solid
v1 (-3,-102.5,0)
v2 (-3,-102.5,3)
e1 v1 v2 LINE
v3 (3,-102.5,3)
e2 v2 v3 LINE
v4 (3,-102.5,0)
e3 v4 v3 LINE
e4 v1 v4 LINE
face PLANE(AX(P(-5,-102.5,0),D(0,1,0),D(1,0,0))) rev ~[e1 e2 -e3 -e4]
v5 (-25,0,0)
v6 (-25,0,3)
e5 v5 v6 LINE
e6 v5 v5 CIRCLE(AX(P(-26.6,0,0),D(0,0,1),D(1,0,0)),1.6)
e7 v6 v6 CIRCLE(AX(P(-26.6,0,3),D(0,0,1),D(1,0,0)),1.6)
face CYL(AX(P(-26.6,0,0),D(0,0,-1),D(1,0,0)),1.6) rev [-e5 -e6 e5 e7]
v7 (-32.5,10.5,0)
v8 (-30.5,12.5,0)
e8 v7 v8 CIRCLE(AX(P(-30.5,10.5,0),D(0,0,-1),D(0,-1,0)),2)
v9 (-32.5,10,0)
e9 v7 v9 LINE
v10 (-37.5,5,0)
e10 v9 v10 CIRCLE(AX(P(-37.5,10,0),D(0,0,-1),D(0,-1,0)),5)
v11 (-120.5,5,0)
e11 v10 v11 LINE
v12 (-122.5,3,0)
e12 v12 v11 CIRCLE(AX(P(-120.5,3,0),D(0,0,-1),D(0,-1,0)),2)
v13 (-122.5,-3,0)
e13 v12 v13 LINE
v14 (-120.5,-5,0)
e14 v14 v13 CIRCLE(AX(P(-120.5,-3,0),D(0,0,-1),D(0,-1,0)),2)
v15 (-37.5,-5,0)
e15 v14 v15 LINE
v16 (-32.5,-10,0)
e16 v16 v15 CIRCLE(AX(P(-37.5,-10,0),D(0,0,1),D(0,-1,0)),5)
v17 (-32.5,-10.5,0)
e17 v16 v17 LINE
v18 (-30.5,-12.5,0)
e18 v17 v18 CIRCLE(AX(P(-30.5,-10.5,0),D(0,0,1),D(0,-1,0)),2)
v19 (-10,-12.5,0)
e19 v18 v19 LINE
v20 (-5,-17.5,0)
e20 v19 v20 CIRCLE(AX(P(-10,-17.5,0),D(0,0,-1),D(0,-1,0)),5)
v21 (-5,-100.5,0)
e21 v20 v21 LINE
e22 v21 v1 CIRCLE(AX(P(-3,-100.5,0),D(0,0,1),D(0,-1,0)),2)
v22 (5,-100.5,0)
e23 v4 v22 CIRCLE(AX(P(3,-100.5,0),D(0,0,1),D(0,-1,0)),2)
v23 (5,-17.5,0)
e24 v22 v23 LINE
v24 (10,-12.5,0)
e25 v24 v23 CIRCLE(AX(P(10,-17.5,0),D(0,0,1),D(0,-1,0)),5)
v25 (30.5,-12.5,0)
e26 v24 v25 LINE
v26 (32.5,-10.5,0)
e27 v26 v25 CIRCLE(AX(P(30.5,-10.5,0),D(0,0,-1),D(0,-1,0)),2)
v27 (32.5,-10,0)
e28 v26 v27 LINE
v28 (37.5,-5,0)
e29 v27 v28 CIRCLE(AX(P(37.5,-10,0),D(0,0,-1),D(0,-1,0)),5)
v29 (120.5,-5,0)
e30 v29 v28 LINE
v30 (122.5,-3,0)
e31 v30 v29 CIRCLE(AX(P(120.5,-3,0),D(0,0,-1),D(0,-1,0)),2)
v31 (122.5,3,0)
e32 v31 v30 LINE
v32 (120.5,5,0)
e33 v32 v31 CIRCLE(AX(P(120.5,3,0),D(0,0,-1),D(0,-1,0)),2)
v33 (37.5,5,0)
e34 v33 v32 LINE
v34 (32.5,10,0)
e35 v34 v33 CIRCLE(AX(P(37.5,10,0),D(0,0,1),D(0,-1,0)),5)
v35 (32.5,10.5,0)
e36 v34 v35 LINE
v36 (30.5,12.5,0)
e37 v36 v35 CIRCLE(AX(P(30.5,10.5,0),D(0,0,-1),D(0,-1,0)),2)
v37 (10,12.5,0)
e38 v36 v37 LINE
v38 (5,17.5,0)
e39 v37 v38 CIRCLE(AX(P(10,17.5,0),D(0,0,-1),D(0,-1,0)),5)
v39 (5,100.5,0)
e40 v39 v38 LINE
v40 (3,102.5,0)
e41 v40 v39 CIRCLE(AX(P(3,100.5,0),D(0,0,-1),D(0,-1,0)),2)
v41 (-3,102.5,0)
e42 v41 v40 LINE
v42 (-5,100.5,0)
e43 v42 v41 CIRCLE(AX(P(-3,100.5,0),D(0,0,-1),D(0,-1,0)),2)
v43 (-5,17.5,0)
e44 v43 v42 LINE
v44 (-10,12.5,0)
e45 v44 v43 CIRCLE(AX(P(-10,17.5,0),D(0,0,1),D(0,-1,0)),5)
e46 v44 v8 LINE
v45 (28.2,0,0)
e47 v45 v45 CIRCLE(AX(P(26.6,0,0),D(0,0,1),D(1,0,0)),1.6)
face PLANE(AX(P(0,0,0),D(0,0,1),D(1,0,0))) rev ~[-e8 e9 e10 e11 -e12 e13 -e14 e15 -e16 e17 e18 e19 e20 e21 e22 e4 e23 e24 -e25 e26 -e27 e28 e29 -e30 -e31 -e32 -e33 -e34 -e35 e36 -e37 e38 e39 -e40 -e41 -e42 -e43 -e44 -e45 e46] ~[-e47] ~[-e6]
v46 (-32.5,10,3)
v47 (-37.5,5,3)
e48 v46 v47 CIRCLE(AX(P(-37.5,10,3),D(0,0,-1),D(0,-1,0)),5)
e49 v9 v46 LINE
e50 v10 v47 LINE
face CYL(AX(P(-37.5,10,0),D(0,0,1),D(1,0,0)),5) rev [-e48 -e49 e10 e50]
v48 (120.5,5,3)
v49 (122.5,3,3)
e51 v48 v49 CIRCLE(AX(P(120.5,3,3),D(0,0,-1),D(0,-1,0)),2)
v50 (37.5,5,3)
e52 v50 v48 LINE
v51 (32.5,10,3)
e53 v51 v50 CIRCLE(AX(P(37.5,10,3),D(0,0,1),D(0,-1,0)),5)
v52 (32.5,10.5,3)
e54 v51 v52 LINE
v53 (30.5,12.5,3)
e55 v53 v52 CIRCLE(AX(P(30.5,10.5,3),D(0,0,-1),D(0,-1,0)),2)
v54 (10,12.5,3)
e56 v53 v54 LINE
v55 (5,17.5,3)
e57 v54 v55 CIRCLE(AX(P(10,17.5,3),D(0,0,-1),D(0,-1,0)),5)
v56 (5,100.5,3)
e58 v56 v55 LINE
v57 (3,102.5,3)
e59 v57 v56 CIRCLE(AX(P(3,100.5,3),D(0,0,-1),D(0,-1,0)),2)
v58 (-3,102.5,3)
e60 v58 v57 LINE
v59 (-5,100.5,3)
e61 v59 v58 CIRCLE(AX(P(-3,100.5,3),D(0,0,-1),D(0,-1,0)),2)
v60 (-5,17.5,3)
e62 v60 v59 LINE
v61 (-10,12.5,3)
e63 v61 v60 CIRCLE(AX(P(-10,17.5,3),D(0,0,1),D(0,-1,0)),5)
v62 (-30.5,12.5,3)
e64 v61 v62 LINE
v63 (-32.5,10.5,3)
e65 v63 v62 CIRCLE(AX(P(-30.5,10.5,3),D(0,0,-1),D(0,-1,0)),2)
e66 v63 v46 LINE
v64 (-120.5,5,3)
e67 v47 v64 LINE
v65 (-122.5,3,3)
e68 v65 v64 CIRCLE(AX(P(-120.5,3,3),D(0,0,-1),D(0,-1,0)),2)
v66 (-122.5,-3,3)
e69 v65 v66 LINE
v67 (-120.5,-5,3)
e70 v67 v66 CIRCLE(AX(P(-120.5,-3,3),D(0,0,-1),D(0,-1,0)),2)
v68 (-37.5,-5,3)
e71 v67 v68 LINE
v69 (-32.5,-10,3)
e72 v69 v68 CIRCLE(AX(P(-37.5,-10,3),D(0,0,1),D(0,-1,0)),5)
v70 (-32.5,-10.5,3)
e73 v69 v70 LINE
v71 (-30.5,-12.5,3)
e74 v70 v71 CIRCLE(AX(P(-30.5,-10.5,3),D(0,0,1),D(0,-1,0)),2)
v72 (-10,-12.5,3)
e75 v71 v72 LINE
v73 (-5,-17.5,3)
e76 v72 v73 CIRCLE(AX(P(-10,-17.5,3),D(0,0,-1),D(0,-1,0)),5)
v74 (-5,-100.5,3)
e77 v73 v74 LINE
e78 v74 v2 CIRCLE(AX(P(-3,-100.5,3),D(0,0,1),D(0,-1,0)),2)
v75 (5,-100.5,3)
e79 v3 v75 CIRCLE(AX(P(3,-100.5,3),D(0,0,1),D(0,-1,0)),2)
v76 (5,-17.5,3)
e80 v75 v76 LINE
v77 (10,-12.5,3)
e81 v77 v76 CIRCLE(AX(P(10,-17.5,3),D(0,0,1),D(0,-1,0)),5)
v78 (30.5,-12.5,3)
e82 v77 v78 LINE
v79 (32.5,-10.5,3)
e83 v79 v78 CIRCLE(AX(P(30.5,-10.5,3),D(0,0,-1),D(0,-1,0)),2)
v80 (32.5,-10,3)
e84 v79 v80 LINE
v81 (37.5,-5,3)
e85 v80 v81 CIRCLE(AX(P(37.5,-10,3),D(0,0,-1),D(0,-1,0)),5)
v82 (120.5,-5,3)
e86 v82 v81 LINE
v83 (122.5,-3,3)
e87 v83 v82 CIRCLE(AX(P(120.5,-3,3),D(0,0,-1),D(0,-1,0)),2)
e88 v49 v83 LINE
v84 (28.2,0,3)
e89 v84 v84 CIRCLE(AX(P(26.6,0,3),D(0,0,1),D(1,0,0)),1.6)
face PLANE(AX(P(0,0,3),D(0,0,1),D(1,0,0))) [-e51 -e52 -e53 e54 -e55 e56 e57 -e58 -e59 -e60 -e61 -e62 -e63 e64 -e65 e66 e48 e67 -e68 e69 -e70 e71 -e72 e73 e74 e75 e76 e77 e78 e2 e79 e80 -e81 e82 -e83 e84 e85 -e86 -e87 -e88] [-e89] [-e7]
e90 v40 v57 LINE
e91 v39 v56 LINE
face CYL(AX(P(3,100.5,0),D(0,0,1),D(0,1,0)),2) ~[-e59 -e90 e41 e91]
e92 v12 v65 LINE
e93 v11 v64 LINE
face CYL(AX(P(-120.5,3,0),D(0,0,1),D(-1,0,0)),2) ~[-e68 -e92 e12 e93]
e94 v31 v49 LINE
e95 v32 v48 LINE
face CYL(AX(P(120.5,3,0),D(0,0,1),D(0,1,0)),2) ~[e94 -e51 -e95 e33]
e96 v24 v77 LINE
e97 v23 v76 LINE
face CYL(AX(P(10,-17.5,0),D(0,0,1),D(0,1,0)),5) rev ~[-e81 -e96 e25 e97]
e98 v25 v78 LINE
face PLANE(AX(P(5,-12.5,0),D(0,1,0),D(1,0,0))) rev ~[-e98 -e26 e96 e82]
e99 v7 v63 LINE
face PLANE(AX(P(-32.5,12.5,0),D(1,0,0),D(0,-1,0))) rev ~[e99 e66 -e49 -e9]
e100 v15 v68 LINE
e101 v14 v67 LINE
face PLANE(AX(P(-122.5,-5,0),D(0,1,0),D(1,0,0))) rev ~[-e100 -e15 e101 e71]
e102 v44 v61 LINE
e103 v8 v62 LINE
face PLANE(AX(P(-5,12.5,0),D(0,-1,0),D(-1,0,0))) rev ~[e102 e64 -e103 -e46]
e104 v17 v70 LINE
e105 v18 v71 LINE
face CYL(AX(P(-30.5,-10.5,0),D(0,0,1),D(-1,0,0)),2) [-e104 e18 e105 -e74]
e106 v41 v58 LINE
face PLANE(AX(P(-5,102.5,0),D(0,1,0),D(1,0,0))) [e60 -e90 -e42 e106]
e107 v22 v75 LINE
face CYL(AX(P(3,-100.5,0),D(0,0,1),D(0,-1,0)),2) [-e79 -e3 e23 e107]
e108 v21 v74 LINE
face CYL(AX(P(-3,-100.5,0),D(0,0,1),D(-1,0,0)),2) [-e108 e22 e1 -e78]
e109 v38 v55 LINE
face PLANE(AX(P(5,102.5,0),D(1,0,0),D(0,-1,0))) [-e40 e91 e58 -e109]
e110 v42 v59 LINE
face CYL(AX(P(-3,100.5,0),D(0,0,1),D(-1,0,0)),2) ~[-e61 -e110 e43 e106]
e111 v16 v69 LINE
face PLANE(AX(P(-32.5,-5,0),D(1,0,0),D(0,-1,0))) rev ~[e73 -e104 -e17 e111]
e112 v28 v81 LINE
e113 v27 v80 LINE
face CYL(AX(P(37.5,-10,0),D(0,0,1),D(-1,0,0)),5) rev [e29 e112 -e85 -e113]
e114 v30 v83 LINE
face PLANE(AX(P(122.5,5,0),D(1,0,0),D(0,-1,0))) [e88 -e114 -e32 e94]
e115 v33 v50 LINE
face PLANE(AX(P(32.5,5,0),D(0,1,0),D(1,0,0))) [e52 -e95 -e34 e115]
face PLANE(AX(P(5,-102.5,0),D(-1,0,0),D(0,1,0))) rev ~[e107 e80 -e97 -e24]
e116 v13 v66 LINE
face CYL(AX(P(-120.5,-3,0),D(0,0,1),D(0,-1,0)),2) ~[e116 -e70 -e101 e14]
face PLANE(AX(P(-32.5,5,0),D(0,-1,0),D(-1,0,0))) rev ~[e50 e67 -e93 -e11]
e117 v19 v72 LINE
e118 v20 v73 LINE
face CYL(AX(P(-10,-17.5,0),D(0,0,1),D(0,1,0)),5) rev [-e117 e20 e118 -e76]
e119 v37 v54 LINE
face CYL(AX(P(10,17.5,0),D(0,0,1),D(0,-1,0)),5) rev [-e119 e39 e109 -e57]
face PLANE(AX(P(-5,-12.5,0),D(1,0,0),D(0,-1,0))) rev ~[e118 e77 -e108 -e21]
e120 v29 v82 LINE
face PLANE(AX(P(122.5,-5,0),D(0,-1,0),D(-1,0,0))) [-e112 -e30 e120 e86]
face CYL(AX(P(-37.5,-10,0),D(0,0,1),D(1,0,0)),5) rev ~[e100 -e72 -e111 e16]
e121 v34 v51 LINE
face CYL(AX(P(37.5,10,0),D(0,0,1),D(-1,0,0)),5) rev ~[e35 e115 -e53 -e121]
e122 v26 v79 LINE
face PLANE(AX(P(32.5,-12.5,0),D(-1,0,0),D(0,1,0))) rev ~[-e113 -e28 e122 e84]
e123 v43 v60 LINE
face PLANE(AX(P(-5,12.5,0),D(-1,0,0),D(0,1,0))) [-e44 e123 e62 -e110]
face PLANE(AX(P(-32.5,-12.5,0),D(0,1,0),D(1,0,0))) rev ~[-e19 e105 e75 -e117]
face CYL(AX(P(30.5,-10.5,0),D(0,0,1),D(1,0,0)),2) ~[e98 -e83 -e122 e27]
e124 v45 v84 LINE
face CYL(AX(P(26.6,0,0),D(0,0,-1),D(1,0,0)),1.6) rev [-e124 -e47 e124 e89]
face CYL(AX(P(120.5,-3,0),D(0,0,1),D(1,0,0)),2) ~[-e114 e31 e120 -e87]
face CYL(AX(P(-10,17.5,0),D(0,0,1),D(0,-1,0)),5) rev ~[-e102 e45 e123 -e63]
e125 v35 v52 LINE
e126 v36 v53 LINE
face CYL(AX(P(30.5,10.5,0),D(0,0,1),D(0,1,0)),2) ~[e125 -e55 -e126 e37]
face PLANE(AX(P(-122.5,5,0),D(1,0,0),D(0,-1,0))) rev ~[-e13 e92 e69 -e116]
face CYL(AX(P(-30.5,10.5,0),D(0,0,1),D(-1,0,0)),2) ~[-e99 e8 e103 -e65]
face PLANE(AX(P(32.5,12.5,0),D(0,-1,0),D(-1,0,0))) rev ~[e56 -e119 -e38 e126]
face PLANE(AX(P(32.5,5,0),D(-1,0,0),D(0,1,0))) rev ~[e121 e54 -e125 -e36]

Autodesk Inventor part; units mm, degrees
ref_plane "YZ Plane" through (0, 0, 0) normal (1, 0, 0) x (0, 1, 0)
ref_plane "XZ Plane" through (0, 0, 0) normal (0, 1, 0) x (-1, 0, 0)
ref_plane "XY Plane" through (0, 0, 0) normal (0, 0, 1) x (1, 0, 0)
sketch "Sketch1" plane through (0, 0, 0) normal (0, 0, 1) x (1, 0, 0)
  line L0 (-32.5, -12.5) -> (32.5, -12.5)
  line L1 (32.5, -12.5) -> (32.5, 12.5)
  line L2 (32.5, 12.5) -> (-32.5, 12.5)
  line L3 (-32.5, 12.5) -> (-32.5, -12.5)
  line L4 (-32.5, -12.5) -> (32.5, 12.5) construction
  line L5 (32.5, -12.5) -> (-32.5, 12.5) construction
  line L6 (32.5, 5) -> (122.5, 5)
  line L7 (122.5, 5) -> (122.5, -5)
  line L8 (122.5, -5) -> (32.5, -5)
  line L9 (-5, 12.5) -> (-5, 102.5)
  line L10 (-5, 102.5) -> (5, 102.5)
  line L11 (5, 102.5) -> (5, 12.5)
  line L12 (-32.5, 5) -> (-122.5, 5)
  line L13 (-122.5, 5) -> (-122.5, -5)
  line L14 (-122.5, -5) -> (-32.5, -5)
  line L15 (-5, -12.5) -> (-5, -102.5)
  line L16 (-5, -102.5) -> (5, -102.5)
  line L17 (5, -102.5) -> (5, -12.5)
  circle A0 centre (-26.6, 0) radius 1.6
  circle A1 centre (26.6, 0) radius 1.6
  line L18 (0, 0) -> (0, 12.5) construction
  line L19 (-26.6, 0) -> (26.6, 0) construction
  dimension "d0" = 90
  dimension "d1" = 53.2
  dimension "d2" = 10
  dimension "d3" = 3.2
  dimension "d4" = 65
  dimension "d5" = 25
  dimension "d6" = 90
extrude "Extrusion1" add sketch "Sketch1" along normal blind 3
fillet "Fillet1" radius 2 12 edges at (32.5, 12.5, 1.5) (5, 102.5, 1.5) (-5, 102.5, 1.5) (-122.5, 5, 1.5) (-122.5, -5, 1.5) (-32.5, 12.5, 1.5) (-32.5, -12.5, 1.5) (-5, -102.5, 1.5) (5, -102.5, 1.5) (32.5, -12.5, 1.5) (122.5, -5, 1.5) (122.5, 5, 1.5)
fillet "Fillet1" radius 5 8 edges at (5, -12.5, 1.5) (-5, -12.5, 1.5) (32.5, -5, 1.5) (32.5, 5, 1.5) (5, 12.5, 1.5) (-5, 12.5, 1.5) (-32.5, -5, 1.5) (-32.5, 5, 1.5)
properties part number "spin_light_tester"
